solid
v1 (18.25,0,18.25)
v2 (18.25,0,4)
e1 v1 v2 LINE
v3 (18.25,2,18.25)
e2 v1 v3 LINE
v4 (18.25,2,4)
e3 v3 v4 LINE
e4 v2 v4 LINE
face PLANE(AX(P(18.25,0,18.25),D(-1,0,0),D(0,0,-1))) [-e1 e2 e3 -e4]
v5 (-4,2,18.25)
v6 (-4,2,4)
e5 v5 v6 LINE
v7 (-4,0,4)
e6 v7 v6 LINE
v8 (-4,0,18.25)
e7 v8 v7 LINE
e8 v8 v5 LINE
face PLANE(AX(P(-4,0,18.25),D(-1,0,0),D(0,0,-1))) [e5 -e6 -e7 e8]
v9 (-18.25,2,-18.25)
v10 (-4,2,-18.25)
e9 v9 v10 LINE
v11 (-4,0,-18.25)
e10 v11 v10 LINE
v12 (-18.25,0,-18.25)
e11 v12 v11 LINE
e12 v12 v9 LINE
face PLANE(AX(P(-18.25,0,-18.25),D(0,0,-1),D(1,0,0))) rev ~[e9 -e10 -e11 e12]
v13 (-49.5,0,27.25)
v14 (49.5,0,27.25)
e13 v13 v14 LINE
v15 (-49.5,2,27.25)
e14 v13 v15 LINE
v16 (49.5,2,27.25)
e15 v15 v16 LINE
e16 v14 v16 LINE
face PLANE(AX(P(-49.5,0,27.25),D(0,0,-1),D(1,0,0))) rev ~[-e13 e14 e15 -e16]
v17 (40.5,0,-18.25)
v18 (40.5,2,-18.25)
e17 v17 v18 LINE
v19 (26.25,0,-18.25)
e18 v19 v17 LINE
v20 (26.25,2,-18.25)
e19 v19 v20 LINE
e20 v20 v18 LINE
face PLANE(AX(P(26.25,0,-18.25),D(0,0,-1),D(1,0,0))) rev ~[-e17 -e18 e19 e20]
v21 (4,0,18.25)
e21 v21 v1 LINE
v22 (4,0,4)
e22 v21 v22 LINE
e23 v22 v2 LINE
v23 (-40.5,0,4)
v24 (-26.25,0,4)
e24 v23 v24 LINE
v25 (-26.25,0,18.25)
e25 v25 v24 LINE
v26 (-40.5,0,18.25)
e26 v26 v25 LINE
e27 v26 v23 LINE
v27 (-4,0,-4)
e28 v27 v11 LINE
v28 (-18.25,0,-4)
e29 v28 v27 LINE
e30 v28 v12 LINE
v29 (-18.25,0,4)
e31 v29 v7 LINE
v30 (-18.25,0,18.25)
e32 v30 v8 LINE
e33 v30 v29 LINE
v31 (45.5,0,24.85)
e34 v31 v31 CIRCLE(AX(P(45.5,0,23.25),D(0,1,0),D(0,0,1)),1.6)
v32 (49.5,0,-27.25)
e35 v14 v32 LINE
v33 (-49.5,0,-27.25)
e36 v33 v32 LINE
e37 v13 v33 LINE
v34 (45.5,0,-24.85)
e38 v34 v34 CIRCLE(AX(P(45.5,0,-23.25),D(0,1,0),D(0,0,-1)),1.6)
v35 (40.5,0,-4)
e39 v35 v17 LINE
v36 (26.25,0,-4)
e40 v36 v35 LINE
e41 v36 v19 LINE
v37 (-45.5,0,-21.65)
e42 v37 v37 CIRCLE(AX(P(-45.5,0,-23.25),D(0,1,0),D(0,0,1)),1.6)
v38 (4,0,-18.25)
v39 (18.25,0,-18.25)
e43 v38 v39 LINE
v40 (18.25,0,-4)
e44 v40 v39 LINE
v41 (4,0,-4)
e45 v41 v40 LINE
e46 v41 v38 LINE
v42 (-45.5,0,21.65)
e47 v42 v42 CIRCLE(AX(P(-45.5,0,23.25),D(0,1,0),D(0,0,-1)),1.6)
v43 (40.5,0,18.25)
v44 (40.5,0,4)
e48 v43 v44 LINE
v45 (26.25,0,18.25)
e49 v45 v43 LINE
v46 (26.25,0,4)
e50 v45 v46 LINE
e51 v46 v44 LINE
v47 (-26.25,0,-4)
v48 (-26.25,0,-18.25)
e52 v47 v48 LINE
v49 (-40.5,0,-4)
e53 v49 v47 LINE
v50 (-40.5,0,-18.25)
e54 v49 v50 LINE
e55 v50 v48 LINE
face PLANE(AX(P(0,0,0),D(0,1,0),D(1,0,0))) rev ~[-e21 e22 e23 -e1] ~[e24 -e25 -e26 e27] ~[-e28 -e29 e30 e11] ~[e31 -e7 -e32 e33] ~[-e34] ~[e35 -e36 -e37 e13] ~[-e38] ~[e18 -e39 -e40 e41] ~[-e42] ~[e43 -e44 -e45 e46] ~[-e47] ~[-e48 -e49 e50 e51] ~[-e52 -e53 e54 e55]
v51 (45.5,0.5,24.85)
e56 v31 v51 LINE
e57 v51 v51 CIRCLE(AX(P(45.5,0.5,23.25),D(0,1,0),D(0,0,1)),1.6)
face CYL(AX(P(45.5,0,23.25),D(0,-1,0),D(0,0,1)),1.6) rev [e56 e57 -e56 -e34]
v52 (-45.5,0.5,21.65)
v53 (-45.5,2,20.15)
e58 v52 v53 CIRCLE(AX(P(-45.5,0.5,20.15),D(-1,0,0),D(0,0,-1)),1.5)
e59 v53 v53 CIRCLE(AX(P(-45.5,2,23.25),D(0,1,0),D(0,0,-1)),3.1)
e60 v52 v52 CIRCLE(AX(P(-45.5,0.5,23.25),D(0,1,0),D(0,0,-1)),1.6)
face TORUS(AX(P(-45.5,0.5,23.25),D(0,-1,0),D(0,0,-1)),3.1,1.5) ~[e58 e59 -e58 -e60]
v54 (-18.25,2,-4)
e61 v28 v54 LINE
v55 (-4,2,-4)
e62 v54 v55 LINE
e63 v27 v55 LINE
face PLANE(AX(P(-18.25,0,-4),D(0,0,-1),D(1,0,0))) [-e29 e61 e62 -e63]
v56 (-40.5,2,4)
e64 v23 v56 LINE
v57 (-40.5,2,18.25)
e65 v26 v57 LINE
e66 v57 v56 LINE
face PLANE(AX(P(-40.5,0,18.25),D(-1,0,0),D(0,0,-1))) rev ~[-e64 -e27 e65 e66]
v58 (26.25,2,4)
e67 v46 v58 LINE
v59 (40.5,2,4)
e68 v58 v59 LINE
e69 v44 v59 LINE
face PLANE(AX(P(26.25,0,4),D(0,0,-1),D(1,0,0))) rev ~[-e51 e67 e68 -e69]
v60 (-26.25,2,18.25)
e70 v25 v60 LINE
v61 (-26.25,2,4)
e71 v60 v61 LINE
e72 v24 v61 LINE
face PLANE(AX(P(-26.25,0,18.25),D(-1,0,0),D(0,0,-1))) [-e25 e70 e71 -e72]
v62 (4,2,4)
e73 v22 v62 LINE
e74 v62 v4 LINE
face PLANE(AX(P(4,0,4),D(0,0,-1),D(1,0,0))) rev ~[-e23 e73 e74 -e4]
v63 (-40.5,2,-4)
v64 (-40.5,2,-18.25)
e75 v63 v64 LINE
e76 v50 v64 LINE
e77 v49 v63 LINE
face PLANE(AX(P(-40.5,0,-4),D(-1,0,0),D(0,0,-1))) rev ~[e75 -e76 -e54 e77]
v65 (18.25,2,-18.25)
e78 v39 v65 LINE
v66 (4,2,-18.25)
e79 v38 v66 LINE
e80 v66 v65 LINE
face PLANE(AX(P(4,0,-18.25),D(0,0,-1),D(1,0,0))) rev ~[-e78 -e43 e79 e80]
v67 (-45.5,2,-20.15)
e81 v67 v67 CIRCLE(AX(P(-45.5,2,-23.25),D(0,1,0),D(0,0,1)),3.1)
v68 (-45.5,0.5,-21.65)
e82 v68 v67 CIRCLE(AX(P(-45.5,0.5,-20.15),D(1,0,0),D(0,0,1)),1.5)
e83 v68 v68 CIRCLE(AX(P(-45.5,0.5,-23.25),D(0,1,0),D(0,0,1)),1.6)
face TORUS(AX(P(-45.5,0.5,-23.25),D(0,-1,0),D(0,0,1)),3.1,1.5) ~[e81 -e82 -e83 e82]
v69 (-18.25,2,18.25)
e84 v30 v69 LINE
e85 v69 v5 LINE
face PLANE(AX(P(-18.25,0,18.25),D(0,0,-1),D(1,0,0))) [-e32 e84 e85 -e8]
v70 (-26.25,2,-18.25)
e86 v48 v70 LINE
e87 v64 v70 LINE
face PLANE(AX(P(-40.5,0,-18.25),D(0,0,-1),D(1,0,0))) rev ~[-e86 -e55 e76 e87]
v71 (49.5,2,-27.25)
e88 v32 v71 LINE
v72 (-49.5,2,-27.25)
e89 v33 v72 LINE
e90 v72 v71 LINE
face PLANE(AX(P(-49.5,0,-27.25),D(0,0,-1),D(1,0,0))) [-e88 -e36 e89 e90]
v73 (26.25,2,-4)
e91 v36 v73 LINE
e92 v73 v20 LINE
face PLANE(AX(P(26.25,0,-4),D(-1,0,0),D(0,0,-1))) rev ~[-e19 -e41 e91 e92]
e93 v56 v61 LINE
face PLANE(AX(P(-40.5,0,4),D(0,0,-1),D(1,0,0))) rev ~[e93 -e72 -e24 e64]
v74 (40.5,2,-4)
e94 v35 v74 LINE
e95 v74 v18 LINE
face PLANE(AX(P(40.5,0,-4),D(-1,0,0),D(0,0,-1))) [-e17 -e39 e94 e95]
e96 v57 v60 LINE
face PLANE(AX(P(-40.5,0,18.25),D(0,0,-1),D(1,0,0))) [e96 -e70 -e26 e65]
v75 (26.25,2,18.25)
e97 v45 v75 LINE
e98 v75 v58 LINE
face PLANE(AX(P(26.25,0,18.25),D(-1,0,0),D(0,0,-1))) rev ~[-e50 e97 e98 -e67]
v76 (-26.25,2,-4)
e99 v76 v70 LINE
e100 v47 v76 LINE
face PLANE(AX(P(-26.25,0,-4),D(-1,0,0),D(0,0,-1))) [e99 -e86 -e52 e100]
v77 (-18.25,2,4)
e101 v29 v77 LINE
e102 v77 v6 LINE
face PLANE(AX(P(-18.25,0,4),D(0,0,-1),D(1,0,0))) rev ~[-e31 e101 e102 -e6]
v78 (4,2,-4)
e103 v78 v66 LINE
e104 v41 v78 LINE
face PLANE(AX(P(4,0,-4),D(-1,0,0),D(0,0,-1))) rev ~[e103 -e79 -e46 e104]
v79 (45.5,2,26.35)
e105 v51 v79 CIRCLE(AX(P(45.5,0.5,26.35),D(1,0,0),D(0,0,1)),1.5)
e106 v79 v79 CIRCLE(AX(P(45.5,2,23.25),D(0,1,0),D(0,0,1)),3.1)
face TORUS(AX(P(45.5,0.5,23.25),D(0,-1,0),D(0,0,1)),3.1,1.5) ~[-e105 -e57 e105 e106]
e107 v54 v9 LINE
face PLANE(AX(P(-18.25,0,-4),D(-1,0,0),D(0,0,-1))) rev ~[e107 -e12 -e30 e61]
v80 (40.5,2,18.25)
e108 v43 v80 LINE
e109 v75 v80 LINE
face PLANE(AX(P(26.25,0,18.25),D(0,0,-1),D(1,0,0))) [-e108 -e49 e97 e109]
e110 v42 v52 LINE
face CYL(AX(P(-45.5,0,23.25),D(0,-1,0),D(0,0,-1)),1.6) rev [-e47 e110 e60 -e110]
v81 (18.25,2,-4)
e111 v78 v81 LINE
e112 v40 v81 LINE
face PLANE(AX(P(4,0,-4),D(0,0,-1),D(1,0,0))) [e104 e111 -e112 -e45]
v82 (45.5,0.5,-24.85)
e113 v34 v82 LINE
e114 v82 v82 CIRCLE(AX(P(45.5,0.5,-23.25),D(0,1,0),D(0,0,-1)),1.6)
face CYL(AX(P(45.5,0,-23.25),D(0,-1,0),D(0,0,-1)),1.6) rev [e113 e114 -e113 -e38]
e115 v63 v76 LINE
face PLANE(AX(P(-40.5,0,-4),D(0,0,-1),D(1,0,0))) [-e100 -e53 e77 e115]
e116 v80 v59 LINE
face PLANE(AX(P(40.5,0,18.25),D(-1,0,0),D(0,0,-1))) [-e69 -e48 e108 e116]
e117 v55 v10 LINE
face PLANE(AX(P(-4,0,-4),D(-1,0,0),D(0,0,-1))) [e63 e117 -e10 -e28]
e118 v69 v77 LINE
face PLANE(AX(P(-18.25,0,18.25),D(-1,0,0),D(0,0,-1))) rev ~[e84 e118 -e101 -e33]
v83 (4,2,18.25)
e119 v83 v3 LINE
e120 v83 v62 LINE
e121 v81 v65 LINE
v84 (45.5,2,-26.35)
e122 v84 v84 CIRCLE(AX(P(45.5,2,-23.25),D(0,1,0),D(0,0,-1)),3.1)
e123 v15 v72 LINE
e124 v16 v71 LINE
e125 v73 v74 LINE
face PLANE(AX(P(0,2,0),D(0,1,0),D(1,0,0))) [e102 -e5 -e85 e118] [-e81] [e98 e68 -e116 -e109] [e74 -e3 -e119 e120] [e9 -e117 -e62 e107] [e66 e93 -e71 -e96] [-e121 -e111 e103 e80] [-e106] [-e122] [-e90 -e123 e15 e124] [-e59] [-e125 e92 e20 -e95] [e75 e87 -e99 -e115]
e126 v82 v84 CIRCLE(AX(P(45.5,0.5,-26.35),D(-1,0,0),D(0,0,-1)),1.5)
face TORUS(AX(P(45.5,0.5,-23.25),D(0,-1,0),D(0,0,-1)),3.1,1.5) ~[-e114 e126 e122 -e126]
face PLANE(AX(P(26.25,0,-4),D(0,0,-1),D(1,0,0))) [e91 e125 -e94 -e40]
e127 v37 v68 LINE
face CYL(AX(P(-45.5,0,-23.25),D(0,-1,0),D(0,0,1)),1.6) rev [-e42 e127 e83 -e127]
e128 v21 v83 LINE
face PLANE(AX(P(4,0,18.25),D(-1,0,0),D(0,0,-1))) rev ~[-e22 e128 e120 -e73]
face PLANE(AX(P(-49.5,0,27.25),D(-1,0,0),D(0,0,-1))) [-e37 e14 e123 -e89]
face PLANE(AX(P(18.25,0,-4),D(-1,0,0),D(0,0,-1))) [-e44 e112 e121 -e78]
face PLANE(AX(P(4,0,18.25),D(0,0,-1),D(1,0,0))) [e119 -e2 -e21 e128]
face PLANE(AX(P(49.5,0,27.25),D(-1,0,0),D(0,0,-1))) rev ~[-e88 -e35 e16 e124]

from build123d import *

# Parameters (mm, degrees)
SKETCH1_W           = 99
SKETCH1_H           = 54.5
SKETCH1_R           = 1.6
SKETCH1_W_2         = 14.25
SKETCH1_H_2         = 14.25
BOSS_EXTRUDE1_DEPTH = 2
FILLET1_R           = 1.5


with BuildPart() as part:
    # Sketch1 → Boss-Extrude1 (new body)
    with BuildSketch(Plane(origin=(0, 0, 0), x_dir=(1, 0, 0), z_dir=(0, 1, 0))):
        Rectangle(SKETCH1_W, SKETCH1_H)
        with Locations(Location((-45.5, 23.25, 0), (0, 0, 270))):
            Circle(SKETCH1_R, mode=Mode.SUBTRACT)
        with Locations(Location((45.5, 23.25, 0), (0, 0, 90))):
            Circle(SKETCH1_R, mode=Mode.SUBTRACT)
        with Locations(Location((45.5, -23.25, 0), (0, 0, 270))):
            Circle(SKETCH1_R, mode=Mode.SUBTRACT)
        with Locations(Location((-45.5, -23.25, 0), (0, 0, 90))):
            Circle(SKETCH1_R, mode=Mode.SUBTRACT)
        with Locations((-33.375, 11.125)):
            Rectangle(SKETCH1_W_2, SKETCH1_H_2, mode=Mode.SUBTRACT)
        with Locations((-11.125, 11.125)):
            Rectangle(SKETCH1_W_2, SKETCH1_H_2, mode=Mode.SUBTRACT)
        with Locations((11.125, 11.125)):
            Rectangle(SKETCH1_W_2, SKETCH1_H_2, mode=Mode.SUBTRACT)
        with Locations((33.375, 11.125)):
            Rectangle(SKETCH1_W_2, SKETCH1_H_2, mode=Mode.SUBTRACT)
        with Locations((33.375, -11.125)):
            Rectangle(SKETCH1_W_2, SKETCH1_H_2, mode=Mode.SUBTRACT)
        with Locations((11.125, -11.125)):
            Rectangle(SKETCH1_W_2, SKETCH1_H_2, mode=Mode.SUBTRACT)
        with Locations((-11.125, -11.125)):
            Rectangle(SKETCH1_W_2, SKETCH1_H_2, mode=Mode.SUBTRACT)
        with Locations((-33.375, -11.125)):
            Rectangle(SKETCH1_W_2, SKETCH1_H_2, mode=Mode.SUBTRACT)
    extrude(amount=BOSS_EXTRUDE1_DEPTH)

    # Fillet1
    fillet1_edges = [part.edges().sort_by_distance(p)[0] for p in [
        (-45.5, 2, -24.85),
        (45.5, 2, -21.65),
        (45.5, 2, 21.65),
        (-45.5, 2, 24.85),
    ]]
    fillet(fillet1_edges, radius=FILLET1_R)


solid = part.part
